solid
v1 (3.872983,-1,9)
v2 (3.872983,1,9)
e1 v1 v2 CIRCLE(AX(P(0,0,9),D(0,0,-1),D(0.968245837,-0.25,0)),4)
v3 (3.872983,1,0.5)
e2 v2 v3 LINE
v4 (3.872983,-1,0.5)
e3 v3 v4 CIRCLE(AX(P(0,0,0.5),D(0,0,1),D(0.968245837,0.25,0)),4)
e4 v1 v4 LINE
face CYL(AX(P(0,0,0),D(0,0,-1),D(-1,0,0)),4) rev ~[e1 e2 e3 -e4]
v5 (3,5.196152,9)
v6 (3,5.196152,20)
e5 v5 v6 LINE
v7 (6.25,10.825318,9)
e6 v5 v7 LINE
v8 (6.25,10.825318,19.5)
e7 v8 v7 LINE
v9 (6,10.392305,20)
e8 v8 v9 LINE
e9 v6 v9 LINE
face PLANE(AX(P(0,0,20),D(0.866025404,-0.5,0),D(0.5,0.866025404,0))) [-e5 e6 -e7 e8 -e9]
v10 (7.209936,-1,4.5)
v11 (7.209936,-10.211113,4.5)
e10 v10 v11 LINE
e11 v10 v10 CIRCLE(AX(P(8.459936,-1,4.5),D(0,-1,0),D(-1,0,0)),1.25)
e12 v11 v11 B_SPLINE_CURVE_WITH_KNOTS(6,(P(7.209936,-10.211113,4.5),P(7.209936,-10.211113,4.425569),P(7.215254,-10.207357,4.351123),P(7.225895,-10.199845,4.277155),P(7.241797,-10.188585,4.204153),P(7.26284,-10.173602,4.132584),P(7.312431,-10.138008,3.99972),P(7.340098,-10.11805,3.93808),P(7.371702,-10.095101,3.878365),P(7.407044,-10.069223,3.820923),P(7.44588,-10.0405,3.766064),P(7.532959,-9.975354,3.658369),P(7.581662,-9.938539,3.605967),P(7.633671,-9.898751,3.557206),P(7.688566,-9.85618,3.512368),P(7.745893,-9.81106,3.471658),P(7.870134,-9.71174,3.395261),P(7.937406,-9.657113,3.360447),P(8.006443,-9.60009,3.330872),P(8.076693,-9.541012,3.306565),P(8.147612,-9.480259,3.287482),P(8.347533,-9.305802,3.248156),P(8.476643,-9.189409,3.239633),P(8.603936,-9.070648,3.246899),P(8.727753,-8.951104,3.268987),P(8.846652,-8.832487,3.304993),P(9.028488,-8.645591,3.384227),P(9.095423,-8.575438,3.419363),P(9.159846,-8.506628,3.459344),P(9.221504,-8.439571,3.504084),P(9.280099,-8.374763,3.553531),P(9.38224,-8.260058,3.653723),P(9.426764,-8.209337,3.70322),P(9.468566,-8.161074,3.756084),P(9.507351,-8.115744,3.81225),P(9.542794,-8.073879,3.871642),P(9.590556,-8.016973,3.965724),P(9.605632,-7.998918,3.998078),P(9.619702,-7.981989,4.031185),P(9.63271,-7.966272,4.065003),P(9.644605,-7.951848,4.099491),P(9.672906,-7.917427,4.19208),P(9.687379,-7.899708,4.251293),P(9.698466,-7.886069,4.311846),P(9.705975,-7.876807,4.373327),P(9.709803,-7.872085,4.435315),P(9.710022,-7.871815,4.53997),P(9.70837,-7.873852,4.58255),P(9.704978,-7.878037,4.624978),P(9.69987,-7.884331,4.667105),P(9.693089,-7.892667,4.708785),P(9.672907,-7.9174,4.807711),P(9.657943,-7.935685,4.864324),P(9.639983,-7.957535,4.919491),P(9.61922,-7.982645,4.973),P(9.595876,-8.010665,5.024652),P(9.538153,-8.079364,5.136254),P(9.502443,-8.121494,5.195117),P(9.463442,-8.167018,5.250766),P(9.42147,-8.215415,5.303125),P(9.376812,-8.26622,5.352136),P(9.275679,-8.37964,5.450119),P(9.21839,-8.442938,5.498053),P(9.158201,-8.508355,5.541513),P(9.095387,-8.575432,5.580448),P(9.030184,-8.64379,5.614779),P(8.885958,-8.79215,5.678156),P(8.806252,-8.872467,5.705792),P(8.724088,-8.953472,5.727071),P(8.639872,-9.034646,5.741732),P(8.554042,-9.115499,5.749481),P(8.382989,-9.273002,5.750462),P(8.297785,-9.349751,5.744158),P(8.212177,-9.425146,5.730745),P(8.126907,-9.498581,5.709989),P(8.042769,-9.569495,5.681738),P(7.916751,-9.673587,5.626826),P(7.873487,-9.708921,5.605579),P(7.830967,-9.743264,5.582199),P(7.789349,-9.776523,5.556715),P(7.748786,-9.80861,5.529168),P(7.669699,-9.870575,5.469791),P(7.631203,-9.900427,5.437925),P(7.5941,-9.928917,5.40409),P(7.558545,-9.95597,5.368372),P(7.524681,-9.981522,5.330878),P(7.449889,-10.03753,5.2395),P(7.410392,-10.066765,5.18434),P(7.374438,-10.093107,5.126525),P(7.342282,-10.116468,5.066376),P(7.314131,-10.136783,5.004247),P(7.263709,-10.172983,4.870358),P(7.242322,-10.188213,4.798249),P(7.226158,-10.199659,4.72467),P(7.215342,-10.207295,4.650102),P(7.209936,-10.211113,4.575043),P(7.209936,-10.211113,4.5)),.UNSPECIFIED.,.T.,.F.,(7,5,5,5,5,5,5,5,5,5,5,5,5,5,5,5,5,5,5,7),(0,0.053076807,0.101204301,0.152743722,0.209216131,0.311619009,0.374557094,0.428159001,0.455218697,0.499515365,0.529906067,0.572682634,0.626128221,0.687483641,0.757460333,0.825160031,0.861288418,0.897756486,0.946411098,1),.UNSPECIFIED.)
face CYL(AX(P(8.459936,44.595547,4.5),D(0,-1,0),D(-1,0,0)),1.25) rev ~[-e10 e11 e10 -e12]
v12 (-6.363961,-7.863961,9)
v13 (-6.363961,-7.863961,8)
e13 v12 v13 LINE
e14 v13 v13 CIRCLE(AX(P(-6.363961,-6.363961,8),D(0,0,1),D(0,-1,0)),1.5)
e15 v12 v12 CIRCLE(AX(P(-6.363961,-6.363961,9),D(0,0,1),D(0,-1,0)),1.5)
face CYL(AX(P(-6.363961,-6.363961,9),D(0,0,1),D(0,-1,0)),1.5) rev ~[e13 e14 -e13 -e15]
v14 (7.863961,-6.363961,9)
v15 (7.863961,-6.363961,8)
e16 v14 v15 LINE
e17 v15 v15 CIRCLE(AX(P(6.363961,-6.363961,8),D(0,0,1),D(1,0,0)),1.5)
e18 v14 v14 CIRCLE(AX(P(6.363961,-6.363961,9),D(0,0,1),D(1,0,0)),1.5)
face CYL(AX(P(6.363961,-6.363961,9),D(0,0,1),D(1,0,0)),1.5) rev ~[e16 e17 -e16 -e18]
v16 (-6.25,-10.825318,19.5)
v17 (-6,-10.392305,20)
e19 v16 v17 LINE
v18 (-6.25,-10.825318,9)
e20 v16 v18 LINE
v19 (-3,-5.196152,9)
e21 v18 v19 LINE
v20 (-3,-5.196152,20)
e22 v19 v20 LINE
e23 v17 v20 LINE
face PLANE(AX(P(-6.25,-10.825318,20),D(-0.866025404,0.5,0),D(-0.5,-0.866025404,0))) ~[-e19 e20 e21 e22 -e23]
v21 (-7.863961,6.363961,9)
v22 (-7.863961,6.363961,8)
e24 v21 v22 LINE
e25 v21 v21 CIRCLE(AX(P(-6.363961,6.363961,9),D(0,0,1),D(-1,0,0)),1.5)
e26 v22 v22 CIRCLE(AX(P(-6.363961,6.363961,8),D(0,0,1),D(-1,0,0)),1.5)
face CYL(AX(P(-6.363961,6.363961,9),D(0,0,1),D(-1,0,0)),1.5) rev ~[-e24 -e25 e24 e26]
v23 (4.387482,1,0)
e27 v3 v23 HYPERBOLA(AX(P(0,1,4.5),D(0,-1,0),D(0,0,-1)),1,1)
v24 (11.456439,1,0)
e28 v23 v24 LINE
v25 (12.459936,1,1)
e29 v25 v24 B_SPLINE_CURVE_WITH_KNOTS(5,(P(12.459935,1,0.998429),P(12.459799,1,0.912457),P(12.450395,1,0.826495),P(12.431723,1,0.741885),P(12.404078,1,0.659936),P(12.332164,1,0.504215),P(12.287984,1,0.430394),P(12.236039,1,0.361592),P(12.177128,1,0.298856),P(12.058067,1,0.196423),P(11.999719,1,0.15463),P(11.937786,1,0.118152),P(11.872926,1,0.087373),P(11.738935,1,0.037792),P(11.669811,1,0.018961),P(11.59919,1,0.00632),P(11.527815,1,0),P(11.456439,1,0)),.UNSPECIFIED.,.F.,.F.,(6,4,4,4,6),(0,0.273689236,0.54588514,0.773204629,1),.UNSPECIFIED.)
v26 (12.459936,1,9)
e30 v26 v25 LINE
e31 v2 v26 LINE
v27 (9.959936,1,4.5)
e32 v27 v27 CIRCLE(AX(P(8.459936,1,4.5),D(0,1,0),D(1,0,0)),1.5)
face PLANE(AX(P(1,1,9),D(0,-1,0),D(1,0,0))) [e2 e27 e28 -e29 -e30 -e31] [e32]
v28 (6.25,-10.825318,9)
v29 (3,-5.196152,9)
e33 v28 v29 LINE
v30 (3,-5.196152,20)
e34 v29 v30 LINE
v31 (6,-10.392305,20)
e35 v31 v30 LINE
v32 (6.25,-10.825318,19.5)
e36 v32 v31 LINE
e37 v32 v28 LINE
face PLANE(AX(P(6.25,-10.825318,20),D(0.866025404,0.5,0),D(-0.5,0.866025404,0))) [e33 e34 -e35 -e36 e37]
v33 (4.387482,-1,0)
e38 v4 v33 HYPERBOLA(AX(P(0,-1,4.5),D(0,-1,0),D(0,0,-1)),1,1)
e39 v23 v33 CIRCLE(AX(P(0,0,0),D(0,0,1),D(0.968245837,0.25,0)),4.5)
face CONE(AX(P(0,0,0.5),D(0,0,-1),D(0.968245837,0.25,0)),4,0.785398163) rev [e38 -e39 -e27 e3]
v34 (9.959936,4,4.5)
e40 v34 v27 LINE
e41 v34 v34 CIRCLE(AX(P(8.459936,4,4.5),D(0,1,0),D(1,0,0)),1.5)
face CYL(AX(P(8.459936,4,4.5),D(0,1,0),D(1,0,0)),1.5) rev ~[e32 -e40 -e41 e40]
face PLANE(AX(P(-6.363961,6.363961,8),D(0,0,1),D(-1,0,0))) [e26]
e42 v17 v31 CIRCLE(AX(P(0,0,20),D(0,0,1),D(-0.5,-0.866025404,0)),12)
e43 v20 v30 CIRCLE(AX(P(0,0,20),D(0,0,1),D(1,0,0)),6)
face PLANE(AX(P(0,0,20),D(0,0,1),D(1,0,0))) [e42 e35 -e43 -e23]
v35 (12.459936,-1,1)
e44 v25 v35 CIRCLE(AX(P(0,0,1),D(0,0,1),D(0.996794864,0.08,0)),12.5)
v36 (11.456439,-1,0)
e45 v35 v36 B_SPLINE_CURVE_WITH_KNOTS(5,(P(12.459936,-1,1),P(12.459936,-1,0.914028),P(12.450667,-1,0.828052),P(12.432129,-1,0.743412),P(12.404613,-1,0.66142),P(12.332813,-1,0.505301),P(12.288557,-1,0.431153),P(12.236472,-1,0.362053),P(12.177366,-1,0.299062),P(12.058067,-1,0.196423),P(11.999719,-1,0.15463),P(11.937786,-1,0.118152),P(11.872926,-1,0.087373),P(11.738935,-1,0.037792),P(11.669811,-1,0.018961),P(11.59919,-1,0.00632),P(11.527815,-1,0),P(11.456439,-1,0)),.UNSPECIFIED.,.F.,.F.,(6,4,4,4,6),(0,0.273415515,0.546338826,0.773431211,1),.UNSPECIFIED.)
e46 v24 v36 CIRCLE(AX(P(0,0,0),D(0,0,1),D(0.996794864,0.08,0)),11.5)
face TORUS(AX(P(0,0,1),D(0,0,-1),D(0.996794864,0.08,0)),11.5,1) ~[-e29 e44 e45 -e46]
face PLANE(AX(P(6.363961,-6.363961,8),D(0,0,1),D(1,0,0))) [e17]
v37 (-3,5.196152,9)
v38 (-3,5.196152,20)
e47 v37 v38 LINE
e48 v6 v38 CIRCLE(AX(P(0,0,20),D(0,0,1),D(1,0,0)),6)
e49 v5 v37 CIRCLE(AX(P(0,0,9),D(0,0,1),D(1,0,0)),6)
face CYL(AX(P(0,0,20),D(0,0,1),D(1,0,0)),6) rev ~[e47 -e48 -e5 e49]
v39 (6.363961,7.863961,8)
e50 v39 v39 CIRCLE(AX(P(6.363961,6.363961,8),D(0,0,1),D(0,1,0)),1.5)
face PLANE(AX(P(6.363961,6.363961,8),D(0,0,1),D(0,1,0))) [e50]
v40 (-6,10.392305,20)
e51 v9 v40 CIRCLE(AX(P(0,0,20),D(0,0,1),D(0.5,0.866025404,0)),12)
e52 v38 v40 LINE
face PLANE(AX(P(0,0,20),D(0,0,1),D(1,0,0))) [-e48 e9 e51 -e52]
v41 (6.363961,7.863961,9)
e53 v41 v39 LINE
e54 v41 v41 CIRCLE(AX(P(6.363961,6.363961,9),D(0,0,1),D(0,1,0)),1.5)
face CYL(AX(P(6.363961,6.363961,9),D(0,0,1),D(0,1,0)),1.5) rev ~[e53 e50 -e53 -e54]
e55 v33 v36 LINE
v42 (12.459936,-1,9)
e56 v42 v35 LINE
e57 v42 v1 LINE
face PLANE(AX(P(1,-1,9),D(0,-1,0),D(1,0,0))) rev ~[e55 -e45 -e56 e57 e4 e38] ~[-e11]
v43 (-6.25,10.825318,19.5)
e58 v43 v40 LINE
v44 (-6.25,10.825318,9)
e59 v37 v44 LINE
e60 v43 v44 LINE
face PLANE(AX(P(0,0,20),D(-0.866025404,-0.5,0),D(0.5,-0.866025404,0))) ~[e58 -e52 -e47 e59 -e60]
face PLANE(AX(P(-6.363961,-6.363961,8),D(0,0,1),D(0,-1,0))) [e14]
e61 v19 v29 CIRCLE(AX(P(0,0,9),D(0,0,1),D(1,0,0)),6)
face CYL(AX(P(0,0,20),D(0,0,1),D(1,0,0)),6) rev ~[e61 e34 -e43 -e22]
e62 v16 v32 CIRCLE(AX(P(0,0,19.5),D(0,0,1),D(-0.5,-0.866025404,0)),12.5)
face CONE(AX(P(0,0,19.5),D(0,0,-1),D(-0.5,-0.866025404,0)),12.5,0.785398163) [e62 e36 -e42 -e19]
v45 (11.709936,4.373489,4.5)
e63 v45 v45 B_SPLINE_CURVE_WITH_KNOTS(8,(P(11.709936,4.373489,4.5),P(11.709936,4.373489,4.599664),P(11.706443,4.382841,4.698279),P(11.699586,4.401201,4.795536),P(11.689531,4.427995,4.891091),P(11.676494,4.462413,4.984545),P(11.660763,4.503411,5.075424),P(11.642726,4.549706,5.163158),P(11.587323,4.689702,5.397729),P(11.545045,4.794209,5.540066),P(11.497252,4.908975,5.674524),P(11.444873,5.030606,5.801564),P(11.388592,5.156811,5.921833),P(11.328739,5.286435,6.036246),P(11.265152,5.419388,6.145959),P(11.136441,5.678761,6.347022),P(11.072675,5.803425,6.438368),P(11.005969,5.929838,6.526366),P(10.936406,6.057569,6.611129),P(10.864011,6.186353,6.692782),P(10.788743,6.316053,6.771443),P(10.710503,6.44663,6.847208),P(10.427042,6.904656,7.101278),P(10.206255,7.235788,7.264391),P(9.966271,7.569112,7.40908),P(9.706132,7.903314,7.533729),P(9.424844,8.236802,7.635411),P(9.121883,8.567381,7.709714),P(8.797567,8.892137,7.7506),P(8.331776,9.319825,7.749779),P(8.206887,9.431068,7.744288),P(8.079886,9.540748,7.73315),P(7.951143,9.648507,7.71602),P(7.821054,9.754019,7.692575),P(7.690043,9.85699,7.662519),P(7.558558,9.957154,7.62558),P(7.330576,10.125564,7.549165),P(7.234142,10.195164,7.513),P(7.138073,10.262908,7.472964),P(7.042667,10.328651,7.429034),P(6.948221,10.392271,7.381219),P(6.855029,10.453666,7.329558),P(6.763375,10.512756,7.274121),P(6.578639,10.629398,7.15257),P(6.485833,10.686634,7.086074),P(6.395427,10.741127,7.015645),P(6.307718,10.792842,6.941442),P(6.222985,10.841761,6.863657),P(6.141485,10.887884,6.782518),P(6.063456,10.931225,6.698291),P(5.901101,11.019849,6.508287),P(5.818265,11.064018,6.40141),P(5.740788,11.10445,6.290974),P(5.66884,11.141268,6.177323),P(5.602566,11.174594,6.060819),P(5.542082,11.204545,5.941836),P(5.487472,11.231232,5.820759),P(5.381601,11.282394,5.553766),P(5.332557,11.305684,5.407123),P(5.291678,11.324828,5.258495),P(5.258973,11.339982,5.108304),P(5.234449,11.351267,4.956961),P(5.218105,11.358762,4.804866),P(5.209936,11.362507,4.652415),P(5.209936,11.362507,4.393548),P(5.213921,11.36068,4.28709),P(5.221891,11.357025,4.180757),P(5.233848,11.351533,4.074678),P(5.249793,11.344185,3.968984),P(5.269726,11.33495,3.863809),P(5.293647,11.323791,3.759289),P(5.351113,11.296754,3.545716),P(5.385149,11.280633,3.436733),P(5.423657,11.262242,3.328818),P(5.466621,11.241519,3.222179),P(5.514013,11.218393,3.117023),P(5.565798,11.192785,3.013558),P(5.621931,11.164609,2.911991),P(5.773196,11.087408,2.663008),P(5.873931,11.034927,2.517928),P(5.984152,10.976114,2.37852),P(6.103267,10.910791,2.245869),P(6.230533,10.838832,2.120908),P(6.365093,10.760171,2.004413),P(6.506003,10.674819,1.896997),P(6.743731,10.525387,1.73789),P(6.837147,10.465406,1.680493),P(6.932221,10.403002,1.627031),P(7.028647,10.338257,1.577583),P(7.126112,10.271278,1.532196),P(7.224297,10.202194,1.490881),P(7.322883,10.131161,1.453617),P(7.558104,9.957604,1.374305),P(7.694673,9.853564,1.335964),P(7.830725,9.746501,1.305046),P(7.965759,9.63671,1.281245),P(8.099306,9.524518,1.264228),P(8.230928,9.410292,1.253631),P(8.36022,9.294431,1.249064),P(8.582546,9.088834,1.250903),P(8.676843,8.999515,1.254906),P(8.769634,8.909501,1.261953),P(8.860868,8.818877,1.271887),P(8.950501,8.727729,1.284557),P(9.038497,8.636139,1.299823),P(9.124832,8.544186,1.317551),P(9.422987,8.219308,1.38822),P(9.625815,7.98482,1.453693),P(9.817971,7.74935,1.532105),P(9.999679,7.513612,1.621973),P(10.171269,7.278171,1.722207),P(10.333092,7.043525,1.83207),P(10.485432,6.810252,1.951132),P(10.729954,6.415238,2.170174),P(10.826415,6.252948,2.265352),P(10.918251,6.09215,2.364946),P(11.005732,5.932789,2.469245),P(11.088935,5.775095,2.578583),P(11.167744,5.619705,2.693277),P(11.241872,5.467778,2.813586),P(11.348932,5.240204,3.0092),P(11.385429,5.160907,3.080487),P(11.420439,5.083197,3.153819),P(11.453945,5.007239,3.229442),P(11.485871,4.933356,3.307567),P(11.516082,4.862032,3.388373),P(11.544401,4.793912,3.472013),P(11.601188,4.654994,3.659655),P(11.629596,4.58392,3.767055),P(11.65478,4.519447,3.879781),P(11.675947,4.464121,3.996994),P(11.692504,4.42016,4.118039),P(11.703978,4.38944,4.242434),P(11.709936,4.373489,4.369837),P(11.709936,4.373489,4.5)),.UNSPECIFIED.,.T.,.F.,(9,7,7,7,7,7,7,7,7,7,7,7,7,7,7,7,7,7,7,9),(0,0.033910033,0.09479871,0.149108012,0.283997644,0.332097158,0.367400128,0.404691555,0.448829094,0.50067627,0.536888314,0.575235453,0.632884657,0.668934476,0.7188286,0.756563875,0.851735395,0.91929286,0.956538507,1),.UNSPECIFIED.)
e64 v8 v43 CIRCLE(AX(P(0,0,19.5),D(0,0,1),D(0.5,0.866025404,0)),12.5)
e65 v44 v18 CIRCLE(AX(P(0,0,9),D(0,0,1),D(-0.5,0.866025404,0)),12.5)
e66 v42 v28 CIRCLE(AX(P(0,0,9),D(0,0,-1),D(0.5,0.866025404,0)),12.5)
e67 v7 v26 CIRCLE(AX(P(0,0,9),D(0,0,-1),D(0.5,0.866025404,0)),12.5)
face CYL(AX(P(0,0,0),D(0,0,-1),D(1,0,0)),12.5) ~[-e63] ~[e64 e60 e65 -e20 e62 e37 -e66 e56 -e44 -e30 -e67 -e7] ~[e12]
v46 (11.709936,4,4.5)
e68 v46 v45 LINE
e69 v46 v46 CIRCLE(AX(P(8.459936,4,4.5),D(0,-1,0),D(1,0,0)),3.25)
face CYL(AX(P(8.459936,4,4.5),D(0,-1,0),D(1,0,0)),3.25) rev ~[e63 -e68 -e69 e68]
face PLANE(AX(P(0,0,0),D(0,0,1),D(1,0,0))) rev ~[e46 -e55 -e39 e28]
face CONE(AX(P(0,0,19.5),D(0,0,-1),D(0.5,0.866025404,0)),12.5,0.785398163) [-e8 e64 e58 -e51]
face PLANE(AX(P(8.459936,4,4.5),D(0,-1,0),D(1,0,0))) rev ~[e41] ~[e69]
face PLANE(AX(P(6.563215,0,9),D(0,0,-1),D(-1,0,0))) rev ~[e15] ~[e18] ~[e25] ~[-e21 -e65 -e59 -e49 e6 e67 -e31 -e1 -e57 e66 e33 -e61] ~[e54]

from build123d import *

# Parameters (mm, degrees)
ESBO_O1_R                 = 12.5
RESSALTO_EXTRUS_O1_DEPTH  = 20
CORTE_EXTRUS_O3_DEPTH     = 11
ESBO_O3_R                 = 4
CORTE_EXTRUS_O4_DEPTH     = 21
ESBO_O6_W                 = 12
ESBO_O6_H                 = 2
CORTE_EXTRUS_O5_DEPTH     = 10
CORTE_EXTRUS_O6_START     = -3
ESBO_O7_R                 = 3.25
CORTE_EXTRUS_O6_DEPTH     = 9.5
FURO_ROSCADO_DE_M3X0_51_D = 2.5
FILETE1_R                 = 1
ESBO_O10_R                = 1.5
CORTE_EXTRUS_O7_DEPTH     = 1
CHANFRO1_SIZE             = 0.5
CORTE_EXTRUS_O8_REACH     = 18.5
ESBO_O11_R                = 1.5
ESBO_O12_R                = 6
CORTE_EXTRUS_O9_DEPTH     = 11
PADR_OCIRCULAR1_COUNT     = 4
CHANFRO2_SIZE             = 0.5


with BuildPart() as part:
    # Esboço1 → Ressalto-extrusão1 (new body)
    with BuildSketch(Plane.XY):
        Circle(ESBO_O1_R)
    extrude(amount=RESSALTO_EXTRUS_O1_DEPTH)

    # Esboço2 → Corte-extrusão3 (cut)
    with BuildSketch(Plane.XY.offset(20)):
        with BuildLine():
            Line((0, 0), (6.25, 10.825317547))
            ThreePointArc((6.25, 10.825317547), (12.5, 0), (6.25, -10.825317547))
            Line((6.25, -10.825317547), (0, 0))
        make_face()
    corte_extrus_o3 = extrude(amount=-CORTE_EXTRUS_O3_DEPTH, mode=Mode.SUBTRACT)

    # Esboço3 → Corte-extrusão4 (cut, through all)
    with BuildSketch(Plane(origin=(0, 0, 0), x_dir=(-1, 0, 0), z_dir=(0, 0, -1))):
        Circle(ESBO_O3_R)
    extrude(amount=-CORTE_EXTRUS_O4_DEPTH, mode=Mode.SUBTRACT)

    # Espelhar1: Corte-extrusão3 across plane
    add(corte_extrus_o3.mirror(Plane(origin=(0, 0, 0), x_dir=(0, 0, 1), z_dir=(1, 0, 0))), mode=Mode.SUBTRACT)

    # Esboço6 → Corte-extrusão5 (cut, through all)
    with BuildSketch(Plane.XY.offset(9)):
        with Locations((7, 0)):
            Rectangle(ESBO_O6_W, ESBO_O6_H)
    extrude(amount=-CORTE_EXTRUS_O5_DEPTH, mode=Mode.SUBTRACT)

    # Esboço7 → Corte-extrusão6 (cut, through all)
    with BuildSketch(Plane.XZ.offset(-1).offset(CORTE_EXTRUS_O6_START)):
        with Locations((8.459935794, 4.5)):
            Circle(ESBO_O7_R)
    extrude(amount=-CORTE_EXTRUS_O6_DEPTH, mode=Mode.SUBTRACT)

    # Furo roscado de M3x0.51 (through all)
    with Locations(Plane(origin=(0, 4, 0), x_dir=(1, 0, 0), z_dir=(0, 1, 0))):
        with Locations((8.459935794, -4.5)):
            Hole(FURO_ROSCADO_DE_M3X0_51_D / 2)

    # Filete1
    filete1_edges = [part.edges().sort_by_distance(p)[0] for p in [
        (-12.5, 0, 0),
    ]]
    fillet(filete1_edges, radius=FILETE1_R)

    # Esboço10 → Corte-extrusão7 (cut)
    with BuildSketch(Plane.XY.offset(9)):
        with Locations((6.363961031, -6.363961031)):
            Circle(ESBO_O10_R)
    corte_extrus_o7 = extrude(amount=-CORTE_EXTRUS_O7_DEPTH, mode=Mode.SUBTRACT)

    # Chanfro1
    chanfro1_edges = [part.edges().sort_by_distance(p)[0] for p in [
        (0, -12.5, 20),
        (0, 12.5, 20),
    ]]
    chamfer(chanfro1_edges, length=CHANFRO1_SIZE)

    # Esboço11 → Corte-extrusão8 (cut, up to next)
    with BuildSketch(Plane(origin=(0, 4, 0), x_dir=(1, 0, 0), z_dir=(0, 1, 0)), mode=Mode.PRIVATE) as corte_extrus_o8_sk1:
        with Locations((8.459935794, -4.5)):
            Circle(ESBO_O11_R)
    corte_extrus_o8_tool1 = extrude(corte_extrus_o8_sk1.sketch, amount=-CORTE_EXTRUS_O8_REACH, mode=Mode.PRIVATE) & part.part
    add(corte_extrus_o8_tool1.solids().sort_by_distance((8.459936, 4, 4.5))[0], mode=Mode.SUBTRACT)

    # Esboço12 → Corte-extrusão9 (cut)
    with BuildSketch(Plane.XY.offset(20)):
        Circle(ESBO_O12_R)
    extrude(amount=-CORTE_EXTRUS_O9_DEPTH, mode=Mode.SUBTRACT)

    # PadrãoCircular1: Corte-extrusão7 ×4 about axis
    padr_ocircular1_axis = Axis((0, 0, 0), (0, 0, 1))
    for i in range(1, PADR_OCIRCULAR1_COUNT):
        add(corte_extrus_o7.rotate(padr_ocircular1_axis, i * 360 / PADR_OCIRCULAR1_COUNT), mode=Mode.SUBTRACT)

    # Chanfro2
    chanfro2_edges = [part.edges().sort_by_distance(p)[0] for p in [
        (-4, 0, 0),
    ]]
    chamfer(chanfro2_edges, length=CHANFRO2_SIZE)


solid = part.part
